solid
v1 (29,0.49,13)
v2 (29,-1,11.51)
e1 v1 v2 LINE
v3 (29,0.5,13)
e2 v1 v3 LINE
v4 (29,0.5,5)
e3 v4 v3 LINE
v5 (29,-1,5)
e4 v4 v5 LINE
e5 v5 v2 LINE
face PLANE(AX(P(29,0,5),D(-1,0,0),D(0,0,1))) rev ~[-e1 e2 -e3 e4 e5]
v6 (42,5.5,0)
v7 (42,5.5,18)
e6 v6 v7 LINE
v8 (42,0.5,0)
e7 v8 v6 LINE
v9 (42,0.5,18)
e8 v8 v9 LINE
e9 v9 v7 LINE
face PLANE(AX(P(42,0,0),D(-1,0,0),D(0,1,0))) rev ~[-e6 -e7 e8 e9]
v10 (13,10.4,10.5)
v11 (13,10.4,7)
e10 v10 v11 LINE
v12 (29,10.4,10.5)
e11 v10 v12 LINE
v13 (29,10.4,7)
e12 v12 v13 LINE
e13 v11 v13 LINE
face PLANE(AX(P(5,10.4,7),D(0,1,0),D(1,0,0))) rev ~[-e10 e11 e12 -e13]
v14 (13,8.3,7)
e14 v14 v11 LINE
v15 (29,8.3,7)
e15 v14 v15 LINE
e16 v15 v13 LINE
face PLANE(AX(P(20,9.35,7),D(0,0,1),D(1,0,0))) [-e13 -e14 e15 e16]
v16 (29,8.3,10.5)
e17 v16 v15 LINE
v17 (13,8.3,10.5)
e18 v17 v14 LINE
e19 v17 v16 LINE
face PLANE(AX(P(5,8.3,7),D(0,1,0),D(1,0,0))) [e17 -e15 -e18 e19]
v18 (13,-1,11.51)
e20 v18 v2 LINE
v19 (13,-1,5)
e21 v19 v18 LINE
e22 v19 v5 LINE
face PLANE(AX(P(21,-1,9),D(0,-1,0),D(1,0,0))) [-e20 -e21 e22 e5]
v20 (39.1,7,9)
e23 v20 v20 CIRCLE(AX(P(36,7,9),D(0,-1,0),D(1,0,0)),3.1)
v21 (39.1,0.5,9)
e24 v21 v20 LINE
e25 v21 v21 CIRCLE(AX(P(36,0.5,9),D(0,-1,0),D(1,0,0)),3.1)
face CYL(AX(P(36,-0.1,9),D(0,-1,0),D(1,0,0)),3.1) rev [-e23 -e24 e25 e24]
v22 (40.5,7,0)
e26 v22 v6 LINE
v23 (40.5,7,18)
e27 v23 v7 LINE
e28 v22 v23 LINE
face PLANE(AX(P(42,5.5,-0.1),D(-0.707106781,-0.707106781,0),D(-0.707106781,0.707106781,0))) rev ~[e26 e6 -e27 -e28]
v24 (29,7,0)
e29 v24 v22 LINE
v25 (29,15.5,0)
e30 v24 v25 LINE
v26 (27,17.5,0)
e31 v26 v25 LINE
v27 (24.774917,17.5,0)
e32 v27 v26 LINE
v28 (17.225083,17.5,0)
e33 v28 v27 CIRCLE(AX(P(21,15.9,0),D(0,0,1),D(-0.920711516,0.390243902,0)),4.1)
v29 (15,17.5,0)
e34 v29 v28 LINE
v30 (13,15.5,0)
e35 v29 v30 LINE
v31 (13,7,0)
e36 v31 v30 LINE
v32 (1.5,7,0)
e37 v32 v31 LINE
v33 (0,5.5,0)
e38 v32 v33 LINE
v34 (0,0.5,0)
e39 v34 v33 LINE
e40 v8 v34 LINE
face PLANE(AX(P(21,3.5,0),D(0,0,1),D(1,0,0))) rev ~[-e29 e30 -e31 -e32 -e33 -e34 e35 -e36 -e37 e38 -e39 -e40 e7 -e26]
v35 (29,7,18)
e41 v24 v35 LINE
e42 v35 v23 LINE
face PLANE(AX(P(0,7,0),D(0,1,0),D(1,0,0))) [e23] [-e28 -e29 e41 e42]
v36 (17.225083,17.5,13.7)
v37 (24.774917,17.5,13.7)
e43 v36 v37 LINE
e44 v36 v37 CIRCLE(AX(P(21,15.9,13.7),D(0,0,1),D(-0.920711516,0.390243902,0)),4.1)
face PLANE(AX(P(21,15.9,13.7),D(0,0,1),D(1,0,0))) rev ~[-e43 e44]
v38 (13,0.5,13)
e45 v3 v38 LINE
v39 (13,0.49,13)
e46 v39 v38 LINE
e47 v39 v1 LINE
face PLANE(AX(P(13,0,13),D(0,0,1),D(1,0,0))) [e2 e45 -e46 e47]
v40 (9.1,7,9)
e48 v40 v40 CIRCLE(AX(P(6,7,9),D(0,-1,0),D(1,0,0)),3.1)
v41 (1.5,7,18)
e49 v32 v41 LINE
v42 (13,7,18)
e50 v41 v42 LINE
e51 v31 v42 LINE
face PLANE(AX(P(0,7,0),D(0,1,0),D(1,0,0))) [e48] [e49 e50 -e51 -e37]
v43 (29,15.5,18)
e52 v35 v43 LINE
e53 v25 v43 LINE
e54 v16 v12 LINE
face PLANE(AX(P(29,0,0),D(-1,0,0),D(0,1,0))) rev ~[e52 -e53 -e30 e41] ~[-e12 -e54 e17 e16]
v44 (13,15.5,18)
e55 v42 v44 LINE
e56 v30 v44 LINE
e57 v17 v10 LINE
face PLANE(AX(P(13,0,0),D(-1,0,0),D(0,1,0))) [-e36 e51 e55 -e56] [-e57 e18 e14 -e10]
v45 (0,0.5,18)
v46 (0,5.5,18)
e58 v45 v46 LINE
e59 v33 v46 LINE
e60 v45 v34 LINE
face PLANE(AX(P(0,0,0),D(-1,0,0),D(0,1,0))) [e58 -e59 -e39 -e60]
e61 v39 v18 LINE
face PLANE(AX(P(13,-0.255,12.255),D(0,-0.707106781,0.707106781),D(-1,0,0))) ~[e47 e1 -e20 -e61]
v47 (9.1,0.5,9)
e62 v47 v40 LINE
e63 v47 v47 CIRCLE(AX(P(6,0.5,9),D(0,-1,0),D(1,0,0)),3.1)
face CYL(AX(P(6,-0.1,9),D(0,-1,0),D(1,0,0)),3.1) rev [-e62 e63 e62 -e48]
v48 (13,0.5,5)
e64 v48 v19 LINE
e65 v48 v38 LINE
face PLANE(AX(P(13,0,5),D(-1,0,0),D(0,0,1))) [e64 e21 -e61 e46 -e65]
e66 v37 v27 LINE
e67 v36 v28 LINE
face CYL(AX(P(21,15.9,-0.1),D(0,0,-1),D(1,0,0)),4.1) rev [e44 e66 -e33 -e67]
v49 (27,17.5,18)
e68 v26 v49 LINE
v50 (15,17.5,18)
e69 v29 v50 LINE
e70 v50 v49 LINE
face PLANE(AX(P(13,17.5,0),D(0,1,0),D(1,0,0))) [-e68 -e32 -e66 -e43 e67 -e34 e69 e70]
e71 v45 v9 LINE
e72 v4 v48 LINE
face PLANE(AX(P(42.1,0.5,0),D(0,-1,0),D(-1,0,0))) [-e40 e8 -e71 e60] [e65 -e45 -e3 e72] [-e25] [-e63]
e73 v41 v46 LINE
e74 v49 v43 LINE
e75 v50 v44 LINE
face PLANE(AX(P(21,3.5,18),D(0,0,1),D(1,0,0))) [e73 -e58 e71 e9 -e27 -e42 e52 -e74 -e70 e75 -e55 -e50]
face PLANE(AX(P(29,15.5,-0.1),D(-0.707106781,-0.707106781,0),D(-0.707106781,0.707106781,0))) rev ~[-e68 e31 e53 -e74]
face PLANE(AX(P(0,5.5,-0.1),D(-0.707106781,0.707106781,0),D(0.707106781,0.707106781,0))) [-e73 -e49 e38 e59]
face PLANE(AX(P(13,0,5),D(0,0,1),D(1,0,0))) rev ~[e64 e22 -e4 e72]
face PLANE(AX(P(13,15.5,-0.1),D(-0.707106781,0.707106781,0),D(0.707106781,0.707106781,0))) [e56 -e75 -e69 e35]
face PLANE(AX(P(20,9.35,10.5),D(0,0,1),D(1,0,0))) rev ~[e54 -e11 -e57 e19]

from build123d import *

# Parameters (mm, degrees)
CUBE003_W                   = 50
CUBE003_H                   = 2
CUBE003_DEPTH               = 5
CYLINDER_R                  = 4.1
CYLINDER_DEPTH              = 13.8
CUBE004_W                   = 10
CUBE004_H                   = 10
CUBE004_DEPTH               = 20
CUBE004_PLACEMENT_ANGLE     = 45
CUBE005_W                   = 10
CUBE005_H                   = 10
CUBE005_DEPTH               = 20
CUBE005_PLACEMENT_ANGLE     = 45
CUBE006_W                   = 10
CUBE006_H                   = 10
CUBE006_DEPTH               = 20
CUBE006_PLACEMENT_ANGLE     = 45
CUBE007_W                   = 10
CUBE007_H                   = 10
CUBE007_DEPTH               = 20
CUBE007_PLACEMENT_ANGLE     = 45
CYLINDER001_R               = 3.1
CYLINDER001_DEPTH           = 10
CYLINDER002_R               = 3.1
CYLINDER002_DEPTH           = 10
CUBE008_W                   = 30
CUBE008_H                   = 2.1
CUBE008_DEPTH               = 3.5
CUBE002_W                   = 50
CUBE002_H                   = 2
CUBE002_DEPTH               = 10
CUBE001_W                   = 16
CUBE001_H                   = 17.5
CUBE001_DEPTH               = 18
CUBE_W                      = 42
CUBE_H                      = 7
CUBE_DEPTH                  = 18
DIFFERENCE_PLACEMENT_ANGLE  = 180
BASEFEATURE_PLACEMENT_ANGLE = 180
SKETCH_W                    = 13
SKETCH_H                    = 8
POCKET_DEPTH                = 0.5
SKETCH001_W                 = 16
SKETCH001_H                 = 8
PAD_DEPTH                   = 1
CHAMFER_SIZE                = 1.49


with BuildPart() as cube003:
    # cube003 → cube003 (new body)
    with BuildSketch(Plane(origin=(42.1, 0.5, 0), x_dir=(-1, 0, 0), z_dir=(0, 0, 1))):
        with Locations((25, 1)):
            Rectangle(CUBE003_W, CUBE003_H)
    extrude(amount=CUBE003_DEPTH)


with BuildPart() as cylinder:
    # cylinder → cylinder (new body)
    with BuildSketch(Plane(origin=(21, 15.9, -0.1), x_dir=(1, 0, 0), z_dir=(0, 0, 1))):
        Circle(CYLINDER_R)
    extrude(amount=CYLINDER_DEPTH)


with BuildPart() as cube004:
    # cube004 → cube004 (new body)
    with BuildSketch(Plane.XY):
        with Locations((5, 5)):
            Rectangle(CUBE004_W, CUBE004_H)
    extrude(amount=CUBE004_DEPTH)


with BuildPart() as cube004_1:
    # cube004 placement: moved
    add(cube004.part.moved(Location((13, 15.5, -0.1))).rotate(Axis((13, 15.5, -0.1), (0, 0, 1)), CUBE004_PLACEMENT_ANGLE))


with BuildPart() as cube005:
    # cube005 → cube005 (new body)
    with BuildSketch(Plane.XY):
        with Locations((5, 5)):
            Rectangle(CUBE005_W, CUBE005_H)
    extrude(amount=CUBE005_DEPTH)


with BuildPart() as cube005_1:
    # cube005 placement: moved
    add(cube005.part.moved(Location((29, 15.5, -0.1))).rotate(Axis((29, 15.5, -0.1), (0, 0, 1)), CUBE005_PLACEMENT_ANGLE))


with BuildPart() as cube006:
    # cube006 → cube006 (new body)
    with BuildSketch(Plane.XY):
        with Locations((5, 5)):
            Rectangle(CUBE006_W, CUBE006_H)
    extrude(amount=CUBE006_DEPTH)


with BuildPart() as cube006_1:
    # cube006 placement: moved
    add(cube006.part.moved(Location((0, 5.5, -0.1))).rotate(Axis((0, 5.5, -0.1), (0, 0, 1)), CUBE006_PLACEMENT_ANGLE))


with BuildPart() as cube007:
    # cube007 → cube007 (new body)
    with BuildSketch(Plane.XY):
        with Locations((5, 5)):
            Rectangle(CUBE007_W, CUBE007_H)
    extrude(amount=CUBE007_DEPTH)


with BuildPart() as cube007_1:
    # cube007 placement: moved
    add(cube007.part.moved(Location((42, 5.5, -0.1))).rotate(Axis((42, 5.5, -0.1), (0, 0, 1)), CUBE007_PLACEMENT_ANGLE))


with BuildPart() as cylinder001:
    # cylinder001 → cylinder001 (new body)
    with BuildSketch(Plane(origin=(6, -0.1, 9), x_dir=(1, 0, 0), z_dir=(0, 1, 0))):
        Circle(CYLINDER001_R)
    extrude(amount=CYLINDER001_DEPTH)


with BuildPart() as cylinder002:
    # cylinder002 → cylinder002 (new body)
    with BuildSketch(Plane(origin=(36, -0.1, 9), x_dir=(1, 0, 0), z_dir=(0, 1, 0))):
        Circle(CYLINDER002_R)
    extrude(amount=CYLINDER002_DEPTH)


with BuildPart() as cube008:
    # cube008 → cube008 (new body)
    with BuildSketch(Plane(origin=(5, 8.3, 7), x_dir=(1, 0, 0), z_dir=(0, 0, 1))):
        with Locations((15, 1.05)):
            Rectangle(CUBE008_W, CUBE008_H)
    extrude(amount=CUBE008_DEPTH)


with BuildPart() as group001:
    # cube002 → cube002 (new body)
    with BuildSketch(Plane(origin=(42.1, 0.5, 13), x_dir=(-1, 0, 0), z_dir=(0, 0, 1))):
        with Locations((25, 1)):
            Rectangle(CUBE002_W, CUBE002_H)
    extrude(amount=CUBE002_DEPTH)

    # Group001: union cube003, cylinder, cube004, cube005, cube006, cube007, cylinder001, cylinder002, cube008
    add(cube003.part)
    add(cylinder.part)
    add(cube004_1.part)
    add(cube005_1.part)
    add(cube006_1.part)
    add(cube007_1.part)
    add(cylinder001.part)
    add(cylinder002.part)
    add(cube008.part)


with BuildPart() as cube001:
    # cube001 → cube001 (new body)
    with BuildSketch(Plane(origin=(13, 0, 0), x_dir=(1, 0, 0), z_dir=(0, 0, 1))):
        with Locations((8, 8.75)):
            Rectangle(CUBE001_W, CUBE001_H)
    extrude(amount=CUBE001_DEPTH)


with BuildPart() as body:
    # cube → cube (new body)
    with BuildSketch(Plane.XY):
        with Locations((21, 3.5)):
            Rectangle(CUBE_W, CUBE_H)
    extrude(amount=CUBE_DEPTH)

    # Group: union cube001
    add(cube001.part)

    # difference: cut Group001
    add(group001.part, mode=Mode.SUBTRACT)


with BuildPart() as body_1:
    # difference placement: moved
    add(body.part.moved(Location((0, 0, 18))).rotate(Axis((0, 0, 18), (0, 1, 0)), DIFFERENCE_PLACEMENT_ANGLE))


with BuildPart() as body_2:
    # BaseFeature placement: moved
    add(body_1.part.moved(Location((0, 0, 18))).rotate(Axis((0, 0, 18), (0, -1, 0)), BASEFEATURE_PLACEMENT_ANGLE))

    # Sketch (on Face13 of BaseFeature) → Pocket (cut)
    with BuildSketch(Plane.XZ):
        with Locations((6.5, 9)):
            Rectangle(SKETCH_W, SKETCH_H)
        with Locations((35.5, 9)):
            Rectangle(SKETCH_W, SKETCH_H)
    extrude(amount=-POCKET_DEPTH, mode=Mode.SUBTRACT)

    # Sketch001 (on Face19 of Pocket) → Pad (join)
    with BuildSketch(Plane.XZ):
        with Locations((21, 9)):
            Rectangle(SKETCH001_W, SKETCH001_H)
    extrude(amount=PAD_DEPTH)

    # Chamfer
    chamfer_edges = [body_2.edges().sort_by_distance(p)[0] for p in [
        (21, -1, 13),
    ]]
    chamfer(chamfer_edges, length=CHAMFER_SIZE)


solid = body_2.part
